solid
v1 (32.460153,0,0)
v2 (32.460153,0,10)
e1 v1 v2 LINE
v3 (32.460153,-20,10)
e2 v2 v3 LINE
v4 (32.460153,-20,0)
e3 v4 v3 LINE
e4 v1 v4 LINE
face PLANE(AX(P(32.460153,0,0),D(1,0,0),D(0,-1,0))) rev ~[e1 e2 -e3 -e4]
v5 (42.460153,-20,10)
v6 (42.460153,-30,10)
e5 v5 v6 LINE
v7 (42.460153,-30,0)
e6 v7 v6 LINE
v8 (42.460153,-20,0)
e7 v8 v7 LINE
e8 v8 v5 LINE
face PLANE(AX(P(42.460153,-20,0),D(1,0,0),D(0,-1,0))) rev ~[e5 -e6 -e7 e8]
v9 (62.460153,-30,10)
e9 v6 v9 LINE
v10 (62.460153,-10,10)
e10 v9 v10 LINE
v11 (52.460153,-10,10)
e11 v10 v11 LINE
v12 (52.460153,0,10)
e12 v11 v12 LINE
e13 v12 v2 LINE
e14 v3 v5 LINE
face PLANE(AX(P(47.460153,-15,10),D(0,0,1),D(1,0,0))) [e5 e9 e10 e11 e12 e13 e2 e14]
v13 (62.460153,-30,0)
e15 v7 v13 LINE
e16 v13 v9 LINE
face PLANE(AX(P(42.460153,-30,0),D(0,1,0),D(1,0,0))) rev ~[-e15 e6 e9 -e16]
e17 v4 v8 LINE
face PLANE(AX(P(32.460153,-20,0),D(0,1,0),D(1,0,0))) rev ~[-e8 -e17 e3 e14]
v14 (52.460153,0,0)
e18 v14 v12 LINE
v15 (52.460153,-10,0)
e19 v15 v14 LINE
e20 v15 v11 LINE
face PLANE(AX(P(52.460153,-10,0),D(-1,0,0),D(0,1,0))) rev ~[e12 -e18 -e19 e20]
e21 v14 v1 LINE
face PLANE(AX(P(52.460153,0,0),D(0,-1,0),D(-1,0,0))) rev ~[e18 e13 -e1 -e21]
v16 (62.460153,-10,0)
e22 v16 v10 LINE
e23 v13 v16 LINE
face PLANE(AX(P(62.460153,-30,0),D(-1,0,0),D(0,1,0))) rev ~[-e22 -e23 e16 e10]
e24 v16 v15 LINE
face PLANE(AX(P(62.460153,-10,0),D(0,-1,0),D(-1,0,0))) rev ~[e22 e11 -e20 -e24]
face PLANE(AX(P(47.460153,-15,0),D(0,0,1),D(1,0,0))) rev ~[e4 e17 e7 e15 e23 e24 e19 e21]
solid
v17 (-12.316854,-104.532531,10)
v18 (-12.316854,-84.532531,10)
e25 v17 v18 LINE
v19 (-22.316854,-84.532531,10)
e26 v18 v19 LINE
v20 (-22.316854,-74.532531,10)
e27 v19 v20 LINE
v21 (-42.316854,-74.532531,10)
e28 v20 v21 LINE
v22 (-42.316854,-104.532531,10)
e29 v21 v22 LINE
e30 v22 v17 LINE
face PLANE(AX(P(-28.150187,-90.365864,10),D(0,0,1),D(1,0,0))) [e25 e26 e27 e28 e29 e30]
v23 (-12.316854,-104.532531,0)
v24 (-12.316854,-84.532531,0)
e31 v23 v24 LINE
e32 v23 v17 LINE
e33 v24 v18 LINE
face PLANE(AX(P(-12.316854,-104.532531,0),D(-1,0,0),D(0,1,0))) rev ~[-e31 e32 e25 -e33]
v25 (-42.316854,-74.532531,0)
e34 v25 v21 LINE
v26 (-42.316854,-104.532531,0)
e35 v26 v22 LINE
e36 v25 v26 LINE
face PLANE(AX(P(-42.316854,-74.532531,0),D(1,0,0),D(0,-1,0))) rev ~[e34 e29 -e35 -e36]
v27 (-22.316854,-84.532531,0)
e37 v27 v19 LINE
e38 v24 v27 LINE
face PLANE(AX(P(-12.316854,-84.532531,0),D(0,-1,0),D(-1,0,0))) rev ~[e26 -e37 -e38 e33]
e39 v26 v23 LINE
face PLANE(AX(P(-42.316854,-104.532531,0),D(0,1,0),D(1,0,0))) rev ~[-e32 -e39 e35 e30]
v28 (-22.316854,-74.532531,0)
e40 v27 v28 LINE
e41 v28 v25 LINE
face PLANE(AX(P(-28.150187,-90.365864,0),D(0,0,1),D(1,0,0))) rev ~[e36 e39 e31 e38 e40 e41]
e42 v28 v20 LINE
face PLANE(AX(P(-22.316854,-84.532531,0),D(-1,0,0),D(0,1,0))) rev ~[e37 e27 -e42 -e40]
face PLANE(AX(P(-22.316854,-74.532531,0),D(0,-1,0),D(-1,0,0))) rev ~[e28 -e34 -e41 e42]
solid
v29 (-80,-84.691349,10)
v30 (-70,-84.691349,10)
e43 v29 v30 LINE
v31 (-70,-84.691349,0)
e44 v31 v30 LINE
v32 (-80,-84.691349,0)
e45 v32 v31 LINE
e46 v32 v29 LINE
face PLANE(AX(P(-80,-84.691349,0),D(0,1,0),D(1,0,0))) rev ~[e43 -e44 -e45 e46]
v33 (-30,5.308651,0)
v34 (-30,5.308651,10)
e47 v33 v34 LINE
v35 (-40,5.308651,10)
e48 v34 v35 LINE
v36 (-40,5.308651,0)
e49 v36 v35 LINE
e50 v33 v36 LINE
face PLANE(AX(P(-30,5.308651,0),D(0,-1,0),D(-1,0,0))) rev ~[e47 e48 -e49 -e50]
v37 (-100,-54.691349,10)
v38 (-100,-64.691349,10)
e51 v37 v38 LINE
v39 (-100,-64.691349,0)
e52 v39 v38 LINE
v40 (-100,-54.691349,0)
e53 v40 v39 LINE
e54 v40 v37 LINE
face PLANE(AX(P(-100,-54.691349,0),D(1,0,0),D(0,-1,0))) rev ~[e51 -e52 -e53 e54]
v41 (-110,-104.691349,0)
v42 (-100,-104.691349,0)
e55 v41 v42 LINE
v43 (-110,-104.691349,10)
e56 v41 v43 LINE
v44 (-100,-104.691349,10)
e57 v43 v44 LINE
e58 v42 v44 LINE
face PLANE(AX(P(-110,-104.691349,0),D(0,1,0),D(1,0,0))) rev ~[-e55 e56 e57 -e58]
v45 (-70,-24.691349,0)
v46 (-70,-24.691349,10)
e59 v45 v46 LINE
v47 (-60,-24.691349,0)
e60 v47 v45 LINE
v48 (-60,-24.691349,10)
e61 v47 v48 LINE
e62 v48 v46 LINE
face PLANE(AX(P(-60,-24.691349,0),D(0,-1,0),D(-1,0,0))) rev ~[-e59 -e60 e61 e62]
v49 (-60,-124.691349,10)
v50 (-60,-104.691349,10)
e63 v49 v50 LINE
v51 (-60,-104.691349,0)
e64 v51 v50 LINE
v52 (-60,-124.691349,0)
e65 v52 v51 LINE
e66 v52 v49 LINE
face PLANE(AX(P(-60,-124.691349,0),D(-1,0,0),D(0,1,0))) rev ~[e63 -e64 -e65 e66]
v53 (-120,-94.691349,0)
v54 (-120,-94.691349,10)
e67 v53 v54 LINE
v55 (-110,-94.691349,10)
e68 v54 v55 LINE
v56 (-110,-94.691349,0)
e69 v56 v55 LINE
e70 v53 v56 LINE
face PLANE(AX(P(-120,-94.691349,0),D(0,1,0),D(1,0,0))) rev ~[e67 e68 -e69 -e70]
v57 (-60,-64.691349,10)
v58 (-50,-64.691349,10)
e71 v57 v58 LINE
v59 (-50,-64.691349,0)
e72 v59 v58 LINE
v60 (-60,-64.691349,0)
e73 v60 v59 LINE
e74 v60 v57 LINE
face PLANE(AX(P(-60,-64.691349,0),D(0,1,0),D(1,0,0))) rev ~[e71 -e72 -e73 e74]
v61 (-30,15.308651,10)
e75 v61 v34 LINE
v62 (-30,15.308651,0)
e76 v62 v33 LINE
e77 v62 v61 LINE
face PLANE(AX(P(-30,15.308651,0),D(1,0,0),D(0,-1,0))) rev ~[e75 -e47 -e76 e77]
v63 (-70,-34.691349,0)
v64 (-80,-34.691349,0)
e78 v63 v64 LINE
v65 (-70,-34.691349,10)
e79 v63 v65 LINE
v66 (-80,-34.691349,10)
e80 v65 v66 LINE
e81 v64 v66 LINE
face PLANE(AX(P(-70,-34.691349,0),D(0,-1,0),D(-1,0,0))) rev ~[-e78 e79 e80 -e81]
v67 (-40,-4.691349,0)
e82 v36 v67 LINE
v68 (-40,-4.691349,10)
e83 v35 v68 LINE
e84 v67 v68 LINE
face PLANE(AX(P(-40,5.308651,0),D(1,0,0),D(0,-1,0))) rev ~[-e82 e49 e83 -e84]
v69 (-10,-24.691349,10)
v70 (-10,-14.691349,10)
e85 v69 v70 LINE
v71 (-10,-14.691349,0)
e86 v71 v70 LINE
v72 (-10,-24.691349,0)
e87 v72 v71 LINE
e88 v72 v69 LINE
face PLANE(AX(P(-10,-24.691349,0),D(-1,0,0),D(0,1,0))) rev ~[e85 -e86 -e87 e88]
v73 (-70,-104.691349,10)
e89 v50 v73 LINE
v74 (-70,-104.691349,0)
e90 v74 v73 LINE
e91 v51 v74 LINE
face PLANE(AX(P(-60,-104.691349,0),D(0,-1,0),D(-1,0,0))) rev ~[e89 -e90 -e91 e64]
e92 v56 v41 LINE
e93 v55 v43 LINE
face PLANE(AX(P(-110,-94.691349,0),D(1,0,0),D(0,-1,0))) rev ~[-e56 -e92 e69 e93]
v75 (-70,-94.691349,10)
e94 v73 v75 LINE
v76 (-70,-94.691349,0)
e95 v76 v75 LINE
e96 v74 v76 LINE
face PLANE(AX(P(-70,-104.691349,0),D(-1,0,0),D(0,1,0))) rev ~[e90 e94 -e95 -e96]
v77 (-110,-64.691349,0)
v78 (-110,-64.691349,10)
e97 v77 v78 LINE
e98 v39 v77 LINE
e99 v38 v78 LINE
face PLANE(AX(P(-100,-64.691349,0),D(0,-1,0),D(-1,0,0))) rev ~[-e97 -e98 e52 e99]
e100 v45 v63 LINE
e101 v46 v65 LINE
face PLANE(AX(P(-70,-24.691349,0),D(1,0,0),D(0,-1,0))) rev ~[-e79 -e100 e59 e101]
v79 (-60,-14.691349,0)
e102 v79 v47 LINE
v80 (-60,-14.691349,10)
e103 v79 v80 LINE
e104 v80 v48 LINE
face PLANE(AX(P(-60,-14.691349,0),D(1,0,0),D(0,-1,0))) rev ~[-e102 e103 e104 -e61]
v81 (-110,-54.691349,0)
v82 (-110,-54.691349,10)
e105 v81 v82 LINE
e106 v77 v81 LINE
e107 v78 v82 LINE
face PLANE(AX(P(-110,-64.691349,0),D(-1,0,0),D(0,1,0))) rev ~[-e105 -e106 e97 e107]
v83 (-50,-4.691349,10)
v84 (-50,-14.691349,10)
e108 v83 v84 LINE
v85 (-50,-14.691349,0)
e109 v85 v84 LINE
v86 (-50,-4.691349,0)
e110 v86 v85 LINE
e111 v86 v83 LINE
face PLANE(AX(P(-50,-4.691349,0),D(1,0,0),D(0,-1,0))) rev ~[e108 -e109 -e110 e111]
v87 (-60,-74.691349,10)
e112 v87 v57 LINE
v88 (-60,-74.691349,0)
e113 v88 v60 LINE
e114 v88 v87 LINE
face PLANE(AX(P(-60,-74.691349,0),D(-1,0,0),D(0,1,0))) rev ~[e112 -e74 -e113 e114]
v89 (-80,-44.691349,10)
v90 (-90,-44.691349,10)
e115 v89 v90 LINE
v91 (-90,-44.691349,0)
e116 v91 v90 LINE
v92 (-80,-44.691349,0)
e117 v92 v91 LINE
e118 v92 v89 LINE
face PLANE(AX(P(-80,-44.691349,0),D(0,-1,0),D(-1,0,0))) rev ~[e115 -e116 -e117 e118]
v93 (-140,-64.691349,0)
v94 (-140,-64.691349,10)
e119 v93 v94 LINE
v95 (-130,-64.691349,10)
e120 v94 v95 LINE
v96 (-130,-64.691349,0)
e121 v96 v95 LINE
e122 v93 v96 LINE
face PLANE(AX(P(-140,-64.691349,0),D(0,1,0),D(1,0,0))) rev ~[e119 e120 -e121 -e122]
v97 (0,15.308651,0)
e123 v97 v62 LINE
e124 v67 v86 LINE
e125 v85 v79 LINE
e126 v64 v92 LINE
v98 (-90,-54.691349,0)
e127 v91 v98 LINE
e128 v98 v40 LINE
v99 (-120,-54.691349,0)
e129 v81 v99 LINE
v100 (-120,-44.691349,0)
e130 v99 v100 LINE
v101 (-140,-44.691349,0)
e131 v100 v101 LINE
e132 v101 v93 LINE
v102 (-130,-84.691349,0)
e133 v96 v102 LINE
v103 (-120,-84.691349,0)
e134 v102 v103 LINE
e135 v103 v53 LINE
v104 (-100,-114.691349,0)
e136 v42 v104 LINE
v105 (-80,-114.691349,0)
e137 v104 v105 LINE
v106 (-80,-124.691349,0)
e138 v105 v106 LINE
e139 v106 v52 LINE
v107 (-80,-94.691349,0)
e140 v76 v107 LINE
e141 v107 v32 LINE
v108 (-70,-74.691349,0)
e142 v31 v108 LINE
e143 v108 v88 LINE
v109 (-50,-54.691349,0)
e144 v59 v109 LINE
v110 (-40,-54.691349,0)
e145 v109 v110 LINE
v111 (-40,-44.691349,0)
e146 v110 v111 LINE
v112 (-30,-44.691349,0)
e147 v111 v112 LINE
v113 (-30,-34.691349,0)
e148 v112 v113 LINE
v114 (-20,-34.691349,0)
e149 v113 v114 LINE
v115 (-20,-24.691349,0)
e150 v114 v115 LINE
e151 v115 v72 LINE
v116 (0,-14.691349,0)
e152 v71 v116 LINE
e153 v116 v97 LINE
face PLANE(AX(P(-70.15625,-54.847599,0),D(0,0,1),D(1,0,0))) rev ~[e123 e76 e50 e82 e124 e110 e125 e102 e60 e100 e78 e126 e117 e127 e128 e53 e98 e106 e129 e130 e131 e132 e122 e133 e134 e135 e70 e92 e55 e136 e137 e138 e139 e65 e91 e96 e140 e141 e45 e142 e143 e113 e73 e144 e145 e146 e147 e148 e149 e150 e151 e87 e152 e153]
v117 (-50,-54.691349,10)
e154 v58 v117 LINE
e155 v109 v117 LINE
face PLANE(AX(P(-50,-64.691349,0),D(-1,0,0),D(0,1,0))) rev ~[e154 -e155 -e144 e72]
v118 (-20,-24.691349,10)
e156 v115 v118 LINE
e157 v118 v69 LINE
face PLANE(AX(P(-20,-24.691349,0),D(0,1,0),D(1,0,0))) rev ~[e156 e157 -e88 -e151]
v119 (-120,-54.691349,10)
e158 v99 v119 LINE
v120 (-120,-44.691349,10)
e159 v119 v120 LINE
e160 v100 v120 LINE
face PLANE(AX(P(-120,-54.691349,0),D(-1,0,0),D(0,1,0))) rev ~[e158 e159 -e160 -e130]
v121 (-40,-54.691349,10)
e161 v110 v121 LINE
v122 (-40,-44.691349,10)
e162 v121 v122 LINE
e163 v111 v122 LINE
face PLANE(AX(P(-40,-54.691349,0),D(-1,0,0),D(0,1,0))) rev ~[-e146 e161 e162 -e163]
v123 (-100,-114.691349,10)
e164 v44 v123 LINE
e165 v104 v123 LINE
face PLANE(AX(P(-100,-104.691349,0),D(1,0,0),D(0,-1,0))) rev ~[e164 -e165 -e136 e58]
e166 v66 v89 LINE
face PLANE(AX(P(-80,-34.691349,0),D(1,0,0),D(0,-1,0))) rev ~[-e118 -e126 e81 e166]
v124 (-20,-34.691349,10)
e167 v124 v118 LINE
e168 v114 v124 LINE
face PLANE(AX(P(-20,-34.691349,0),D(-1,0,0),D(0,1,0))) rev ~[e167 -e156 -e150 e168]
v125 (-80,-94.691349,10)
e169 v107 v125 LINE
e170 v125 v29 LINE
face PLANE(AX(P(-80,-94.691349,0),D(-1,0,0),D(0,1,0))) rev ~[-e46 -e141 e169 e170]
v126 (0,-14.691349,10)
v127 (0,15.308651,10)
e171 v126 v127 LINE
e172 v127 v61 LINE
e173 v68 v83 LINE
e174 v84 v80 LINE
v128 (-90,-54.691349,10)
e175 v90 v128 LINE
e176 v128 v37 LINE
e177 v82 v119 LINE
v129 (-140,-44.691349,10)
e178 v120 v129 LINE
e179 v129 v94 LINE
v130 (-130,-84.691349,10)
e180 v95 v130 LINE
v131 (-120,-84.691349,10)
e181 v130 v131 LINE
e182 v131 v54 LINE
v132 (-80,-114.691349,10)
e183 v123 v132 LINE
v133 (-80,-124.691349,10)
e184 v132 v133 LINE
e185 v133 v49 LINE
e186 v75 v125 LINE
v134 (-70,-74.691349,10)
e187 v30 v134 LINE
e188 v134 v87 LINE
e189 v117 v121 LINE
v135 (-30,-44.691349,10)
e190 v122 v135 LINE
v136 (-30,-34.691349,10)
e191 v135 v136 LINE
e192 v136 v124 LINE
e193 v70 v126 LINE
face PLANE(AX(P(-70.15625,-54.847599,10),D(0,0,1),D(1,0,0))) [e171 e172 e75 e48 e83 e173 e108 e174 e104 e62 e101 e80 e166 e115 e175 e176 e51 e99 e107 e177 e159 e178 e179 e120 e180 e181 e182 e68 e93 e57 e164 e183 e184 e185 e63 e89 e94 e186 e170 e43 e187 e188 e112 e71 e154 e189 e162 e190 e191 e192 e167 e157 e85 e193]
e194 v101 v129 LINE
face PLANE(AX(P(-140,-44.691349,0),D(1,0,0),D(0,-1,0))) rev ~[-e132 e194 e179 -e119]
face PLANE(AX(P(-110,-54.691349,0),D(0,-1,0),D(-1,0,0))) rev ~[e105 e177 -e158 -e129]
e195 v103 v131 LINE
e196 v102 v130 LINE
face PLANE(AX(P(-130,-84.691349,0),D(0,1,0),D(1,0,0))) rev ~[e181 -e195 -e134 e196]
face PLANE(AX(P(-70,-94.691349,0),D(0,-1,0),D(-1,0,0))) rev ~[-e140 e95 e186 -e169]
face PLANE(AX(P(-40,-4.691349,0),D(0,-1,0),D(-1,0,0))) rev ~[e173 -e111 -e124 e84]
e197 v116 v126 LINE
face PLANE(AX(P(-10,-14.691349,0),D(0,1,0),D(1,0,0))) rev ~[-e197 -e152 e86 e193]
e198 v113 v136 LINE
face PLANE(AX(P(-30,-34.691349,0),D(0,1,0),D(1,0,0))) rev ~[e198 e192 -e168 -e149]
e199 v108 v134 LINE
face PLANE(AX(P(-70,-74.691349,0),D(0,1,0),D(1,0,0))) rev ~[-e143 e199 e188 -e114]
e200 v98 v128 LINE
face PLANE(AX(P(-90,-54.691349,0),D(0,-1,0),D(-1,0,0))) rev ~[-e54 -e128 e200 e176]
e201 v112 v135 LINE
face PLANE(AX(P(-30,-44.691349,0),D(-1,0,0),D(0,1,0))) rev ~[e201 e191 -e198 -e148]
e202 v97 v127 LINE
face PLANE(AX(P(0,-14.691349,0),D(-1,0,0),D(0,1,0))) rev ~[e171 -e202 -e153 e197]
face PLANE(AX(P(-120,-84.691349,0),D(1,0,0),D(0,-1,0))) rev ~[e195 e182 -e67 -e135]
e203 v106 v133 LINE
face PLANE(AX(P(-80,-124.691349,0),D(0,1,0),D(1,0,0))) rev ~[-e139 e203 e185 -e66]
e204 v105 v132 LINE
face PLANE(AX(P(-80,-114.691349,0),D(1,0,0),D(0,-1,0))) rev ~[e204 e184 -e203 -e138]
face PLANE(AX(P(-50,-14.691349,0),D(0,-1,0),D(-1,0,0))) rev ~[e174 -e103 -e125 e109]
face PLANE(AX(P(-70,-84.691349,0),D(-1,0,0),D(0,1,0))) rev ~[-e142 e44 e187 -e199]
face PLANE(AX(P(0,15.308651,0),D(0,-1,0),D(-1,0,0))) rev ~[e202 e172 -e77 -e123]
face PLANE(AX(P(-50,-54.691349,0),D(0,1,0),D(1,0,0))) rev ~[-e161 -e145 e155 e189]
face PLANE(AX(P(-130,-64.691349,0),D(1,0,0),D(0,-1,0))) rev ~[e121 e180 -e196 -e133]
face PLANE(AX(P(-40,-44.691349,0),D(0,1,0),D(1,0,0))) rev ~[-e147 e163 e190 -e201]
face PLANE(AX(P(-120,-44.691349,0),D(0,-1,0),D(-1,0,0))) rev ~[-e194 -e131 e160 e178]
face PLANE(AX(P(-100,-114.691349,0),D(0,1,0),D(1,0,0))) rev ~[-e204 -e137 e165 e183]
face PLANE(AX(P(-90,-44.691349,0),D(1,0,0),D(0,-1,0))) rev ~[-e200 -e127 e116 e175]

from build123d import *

# Parameters (mm, degrees)
F1_DEPTH = 10


with BuildPart() as f1:
    # F0 (on Top) → F1 (new body)
    with BuildSketch(Plane.XY):
        Polygon((0, -14.691349), (0, 15.308651), (-30, 15.308651), (-30, 5.308651), (-40, 5.308651), (-40, -4.691349), (-50, -4.691349), (-50, -14.691349), (-60, -14.691349), (-60, -24.691349), (-70, -24.691349), (-70, -34.691349), (-80, -34.691349), (-80, -44.691349), (-90, -44.691349), (-90, -54.691349), (-100, -54.691349), (-100, -64.691349), (-110, -64.691349), (-110, -54.691349), (-120, -54.691349), (-120, -44.691349), (-140, -44.691349), (-140, -64.691349), (-130, -64.691349), (-130, -84.691349), (-120, -84.691349), (-120, -94.691349), (-110, -94.691349), (-110, -104.691349), (-100, -104.691349), (-100, -114.691349), (-80, -114.691349), (-80, -124.691349), (-60, -124.691349), (-60, -104.691349), (-70, -104.691349), (-70, -94.691349), (-80, -94.691349), (-80, -84.691349), (-70, -84.691349), (-70, -74.691349), (-60, -74.691349), (-60, -64.691349), (-50, -64.691349), (-50, -54.691349), (-40, -54.691349), (-40, -44.691349), (-30, -44.691349), (-30, -34.691349), (-20, -34.691349), (-20, -24.691349), (-10, -24.691349), (-10, -14.691349), align=None)
        Polygon((-22.316854, -74.532531), (-42.316854, -74.532531), (-42.316854, -104.532531), (-12.316854, -104.532531), (-12.316854, -84.532531), (-22.316854, -84.532531), align=None)
        Polygon((52.460153, 0), (32.460153, 0), (32.460153, -20), (42.460153, -20), (42.460153, -30), (62.460153, -30), (62.460153, -10), (52.460153, -10), align=None)
    extrude(amount=F1_DEPTH)


solid = f1.part
